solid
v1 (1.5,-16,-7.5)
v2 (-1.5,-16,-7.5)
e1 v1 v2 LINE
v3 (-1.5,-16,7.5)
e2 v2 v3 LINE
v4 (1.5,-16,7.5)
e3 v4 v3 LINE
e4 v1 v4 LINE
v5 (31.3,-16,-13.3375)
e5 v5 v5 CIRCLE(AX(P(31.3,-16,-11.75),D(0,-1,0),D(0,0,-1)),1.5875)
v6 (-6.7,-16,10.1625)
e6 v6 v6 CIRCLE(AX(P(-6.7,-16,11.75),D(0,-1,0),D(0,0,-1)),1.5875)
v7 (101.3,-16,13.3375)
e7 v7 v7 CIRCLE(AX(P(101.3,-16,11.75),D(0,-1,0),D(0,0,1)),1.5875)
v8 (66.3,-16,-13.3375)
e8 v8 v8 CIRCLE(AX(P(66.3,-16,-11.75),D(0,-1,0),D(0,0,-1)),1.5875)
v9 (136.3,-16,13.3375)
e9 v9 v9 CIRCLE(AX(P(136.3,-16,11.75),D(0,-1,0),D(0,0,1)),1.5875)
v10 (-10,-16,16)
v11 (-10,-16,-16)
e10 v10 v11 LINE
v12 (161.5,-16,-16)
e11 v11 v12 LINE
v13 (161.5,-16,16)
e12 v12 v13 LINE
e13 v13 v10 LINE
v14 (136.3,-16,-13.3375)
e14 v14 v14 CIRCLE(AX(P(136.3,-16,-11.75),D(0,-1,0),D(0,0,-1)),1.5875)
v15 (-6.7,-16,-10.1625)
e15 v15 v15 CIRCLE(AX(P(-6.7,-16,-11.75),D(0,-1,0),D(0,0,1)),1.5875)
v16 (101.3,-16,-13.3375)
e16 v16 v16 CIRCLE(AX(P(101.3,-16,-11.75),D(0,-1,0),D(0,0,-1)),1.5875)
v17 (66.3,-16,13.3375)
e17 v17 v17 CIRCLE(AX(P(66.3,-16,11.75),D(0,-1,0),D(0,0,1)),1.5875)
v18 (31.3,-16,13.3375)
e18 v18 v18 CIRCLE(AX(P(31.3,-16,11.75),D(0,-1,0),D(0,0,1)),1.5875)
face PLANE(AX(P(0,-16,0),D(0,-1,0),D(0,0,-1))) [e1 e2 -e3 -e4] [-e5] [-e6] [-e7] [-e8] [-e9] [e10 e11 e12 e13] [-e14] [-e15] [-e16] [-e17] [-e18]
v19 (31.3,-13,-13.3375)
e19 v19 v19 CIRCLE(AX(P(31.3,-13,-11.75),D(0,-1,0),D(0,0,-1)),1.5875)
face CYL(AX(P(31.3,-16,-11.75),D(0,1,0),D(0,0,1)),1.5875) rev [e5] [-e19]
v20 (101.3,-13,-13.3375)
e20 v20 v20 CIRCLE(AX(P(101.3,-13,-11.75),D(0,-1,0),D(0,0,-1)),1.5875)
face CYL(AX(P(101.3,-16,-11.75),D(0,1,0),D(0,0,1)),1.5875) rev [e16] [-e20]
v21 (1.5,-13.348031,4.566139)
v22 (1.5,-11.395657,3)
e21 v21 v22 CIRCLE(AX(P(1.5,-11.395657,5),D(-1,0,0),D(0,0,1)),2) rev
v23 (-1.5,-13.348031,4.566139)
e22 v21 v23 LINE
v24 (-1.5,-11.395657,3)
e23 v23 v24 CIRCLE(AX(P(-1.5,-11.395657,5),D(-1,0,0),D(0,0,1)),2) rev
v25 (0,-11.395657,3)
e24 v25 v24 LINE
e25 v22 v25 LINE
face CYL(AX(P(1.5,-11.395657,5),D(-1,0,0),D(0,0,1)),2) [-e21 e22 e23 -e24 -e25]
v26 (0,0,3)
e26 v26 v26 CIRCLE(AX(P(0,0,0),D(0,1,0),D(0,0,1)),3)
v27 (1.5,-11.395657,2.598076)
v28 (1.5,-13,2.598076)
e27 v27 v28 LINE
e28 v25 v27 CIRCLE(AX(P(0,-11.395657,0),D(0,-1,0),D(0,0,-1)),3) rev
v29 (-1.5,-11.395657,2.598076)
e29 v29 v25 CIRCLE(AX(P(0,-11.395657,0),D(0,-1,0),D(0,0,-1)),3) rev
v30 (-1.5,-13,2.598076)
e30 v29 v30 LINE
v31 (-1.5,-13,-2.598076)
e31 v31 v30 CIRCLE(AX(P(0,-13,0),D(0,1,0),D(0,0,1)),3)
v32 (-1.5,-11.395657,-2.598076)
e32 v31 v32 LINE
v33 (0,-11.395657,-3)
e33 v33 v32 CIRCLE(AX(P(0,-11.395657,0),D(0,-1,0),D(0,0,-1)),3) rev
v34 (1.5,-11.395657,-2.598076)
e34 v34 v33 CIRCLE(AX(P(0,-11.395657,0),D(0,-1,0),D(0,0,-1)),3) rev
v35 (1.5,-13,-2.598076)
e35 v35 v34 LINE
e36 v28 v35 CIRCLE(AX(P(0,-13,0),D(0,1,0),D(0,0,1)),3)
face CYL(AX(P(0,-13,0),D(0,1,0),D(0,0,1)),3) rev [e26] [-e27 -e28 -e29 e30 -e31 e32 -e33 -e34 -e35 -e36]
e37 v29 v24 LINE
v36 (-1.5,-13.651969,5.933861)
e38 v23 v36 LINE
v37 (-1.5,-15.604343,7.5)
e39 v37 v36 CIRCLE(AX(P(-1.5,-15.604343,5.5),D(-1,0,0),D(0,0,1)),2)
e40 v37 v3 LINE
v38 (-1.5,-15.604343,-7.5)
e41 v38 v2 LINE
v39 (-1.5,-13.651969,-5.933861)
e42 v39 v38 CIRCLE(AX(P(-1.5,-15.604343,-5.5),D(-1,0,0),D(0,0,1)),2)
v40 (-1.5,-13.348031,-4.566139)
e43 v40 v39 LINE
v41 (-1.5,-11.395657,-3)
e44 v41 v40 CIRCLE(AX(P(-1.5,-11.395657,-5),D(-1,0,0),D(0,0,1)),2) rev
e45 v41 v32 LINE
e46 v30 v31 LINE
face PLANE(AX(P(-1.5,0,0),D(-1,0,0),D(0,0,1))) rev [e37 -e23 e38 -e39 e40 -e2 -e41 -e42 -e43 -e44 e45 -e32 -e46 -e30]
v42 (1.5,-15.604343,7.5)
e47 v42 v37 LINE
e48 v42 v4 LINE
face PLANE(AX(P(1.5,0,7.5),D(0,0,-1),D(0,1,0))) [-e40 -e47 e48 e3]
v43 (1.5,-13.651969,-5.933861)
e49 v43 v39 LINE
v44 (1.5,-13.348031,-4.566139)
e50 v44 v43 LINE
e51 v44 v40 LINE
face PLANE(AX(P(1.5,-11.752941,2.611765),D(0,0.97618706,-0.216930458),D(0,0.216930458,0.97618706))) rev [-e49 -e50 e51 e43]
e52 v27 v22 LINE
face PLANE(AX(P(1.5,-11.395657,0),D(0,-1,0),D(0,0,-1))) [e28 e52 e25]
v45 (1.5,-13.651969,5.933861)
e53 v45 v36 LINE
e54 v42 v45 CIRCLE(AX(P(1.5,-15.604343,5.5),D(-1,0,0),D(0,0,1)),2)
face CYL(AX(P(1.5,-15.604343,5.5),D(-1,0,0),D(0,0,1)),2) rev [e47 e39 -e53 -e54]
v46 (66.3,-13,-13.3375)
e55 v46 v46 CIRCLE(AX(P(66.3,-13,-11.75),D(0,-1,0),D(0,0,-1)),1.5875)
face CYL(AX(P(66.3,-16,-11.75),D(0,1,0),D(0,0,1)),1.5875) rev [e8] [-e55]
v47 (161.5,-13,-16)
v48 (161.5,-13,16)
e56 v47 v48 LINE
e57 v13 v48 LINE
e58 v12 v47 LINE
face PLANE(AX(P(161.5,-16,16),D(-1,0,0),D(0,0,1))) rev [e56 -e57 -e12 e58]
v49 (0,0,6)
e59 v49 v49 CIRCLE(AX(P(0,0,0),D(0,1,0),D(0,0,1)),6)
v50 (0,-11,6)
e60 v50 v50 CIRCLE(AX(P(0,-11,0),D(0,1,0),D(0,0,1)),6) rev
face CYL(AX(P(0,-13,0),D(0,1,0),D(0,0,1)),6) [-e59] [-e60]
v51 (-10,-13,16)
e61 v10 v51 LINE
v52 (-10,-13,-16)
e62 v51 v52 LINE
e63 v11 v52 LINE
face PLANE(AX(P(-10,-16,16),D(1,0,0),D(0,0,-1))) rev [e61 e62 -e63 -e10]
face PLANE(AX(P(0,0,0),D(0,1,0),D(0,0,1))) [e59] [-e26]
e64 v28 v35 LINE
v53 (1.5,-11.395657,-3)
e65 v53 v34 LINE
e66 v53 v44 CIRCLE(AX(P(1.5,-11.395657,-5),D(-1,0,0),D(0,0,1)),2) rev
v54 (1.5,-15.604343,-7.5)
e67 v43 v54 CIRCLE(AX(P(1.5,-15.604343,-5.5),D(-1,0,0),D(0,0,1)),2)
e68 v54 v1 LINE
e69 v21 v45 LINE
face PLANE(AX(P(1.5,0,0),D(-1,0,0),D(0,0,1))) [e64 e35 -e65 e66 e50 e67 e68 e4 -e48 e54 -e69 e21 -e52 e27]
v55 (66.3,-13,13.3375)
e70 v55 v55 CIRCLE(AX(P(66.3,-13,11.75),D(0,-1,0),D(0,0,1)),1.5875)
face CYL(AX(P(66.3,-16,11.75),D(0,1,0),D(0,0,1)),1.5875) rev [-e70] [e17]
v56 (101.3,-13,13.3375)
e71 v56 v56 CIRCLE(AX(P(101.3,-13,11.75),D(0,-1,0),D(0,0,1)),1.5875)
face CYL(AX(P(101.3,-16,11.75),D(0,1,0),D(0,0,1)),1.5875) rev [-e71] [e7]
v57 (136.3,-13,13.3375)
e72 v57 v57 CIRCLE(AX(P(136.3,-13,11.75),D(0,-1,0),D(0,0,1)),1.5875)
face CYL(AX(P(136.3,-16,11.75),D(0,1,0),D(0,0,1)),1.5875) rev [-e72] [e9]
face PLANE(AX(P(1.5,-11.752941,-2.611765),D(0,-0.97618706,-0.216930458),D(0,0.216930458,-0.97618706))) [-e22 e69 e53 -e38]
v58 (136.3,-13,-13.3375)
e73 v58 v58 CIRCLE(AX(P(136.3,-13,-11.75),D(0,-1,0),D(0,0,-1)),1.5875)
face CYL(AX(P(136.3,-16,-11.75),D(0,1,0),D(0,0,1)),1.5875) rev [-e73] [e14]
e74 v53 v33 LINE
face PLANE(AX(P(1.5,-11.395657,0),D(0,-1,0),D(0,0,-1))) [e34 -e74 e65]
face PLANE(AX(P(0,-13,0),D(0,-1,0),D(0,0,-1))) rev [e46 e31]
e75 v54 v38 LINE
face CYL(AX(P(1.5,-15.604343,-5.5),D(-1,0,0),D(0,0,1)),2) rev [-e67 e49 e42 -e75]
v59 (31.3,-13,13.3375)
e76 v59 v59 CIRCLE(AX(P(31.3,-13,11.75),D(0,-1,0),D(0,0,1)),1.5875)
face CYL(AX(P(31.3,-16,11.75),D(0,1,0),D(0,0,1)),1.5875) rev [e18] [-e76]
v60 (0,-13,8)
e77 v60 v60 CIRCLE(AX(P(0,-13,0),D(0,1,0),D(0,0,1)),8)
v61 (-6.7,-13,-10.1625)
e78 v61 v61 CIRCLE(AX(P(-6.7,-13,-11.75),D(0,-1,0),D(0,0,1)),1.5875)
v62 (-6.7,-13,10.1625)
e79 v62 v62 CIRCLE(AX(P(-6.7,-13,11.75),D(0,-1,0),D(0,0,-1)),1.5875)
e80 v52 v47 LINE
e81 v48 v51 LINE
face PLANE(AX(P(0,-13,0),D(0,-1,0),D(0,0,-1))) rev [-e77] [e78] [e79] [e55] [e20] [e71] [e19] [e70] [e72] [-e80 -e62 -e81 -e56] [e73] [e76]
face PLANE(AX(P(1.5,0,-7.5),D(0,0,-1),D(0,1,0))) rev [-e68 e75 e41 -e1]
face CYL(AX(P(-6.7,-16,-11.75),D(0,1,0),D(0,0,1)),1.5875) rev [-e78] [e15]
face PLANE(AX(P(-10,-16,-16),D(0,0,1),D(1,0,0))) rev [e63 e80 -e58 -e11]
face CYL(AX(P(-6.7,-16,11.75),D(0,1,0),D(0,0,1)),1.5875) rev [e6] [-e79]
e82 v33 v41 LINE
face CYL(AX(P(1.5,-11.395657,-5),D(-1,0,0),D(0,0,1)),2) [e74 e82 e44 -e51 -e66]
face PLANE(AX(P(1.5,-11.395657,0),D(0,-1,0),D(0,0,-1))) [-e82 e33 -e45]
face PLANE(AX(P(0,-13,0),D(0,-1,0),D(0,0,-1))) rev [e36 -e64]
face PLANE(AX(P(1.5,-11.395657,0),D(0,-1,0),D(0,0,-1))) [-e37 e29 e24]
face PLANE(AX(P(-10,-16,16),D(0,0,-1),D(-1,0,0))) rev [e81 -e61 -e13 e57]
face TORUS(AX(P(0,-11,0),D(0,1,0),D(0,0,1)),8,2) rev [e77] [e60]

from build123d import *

# Parameters (mm, degrees)
SKETCH1_R           = 6
SKETCH1_R_2         = 3
BOSS_EXTRUDE1_DEPTH = 13
SKETCH2_W           = 171.5
SKETCH2_H           = 32
SKETCH2_R           = 1.5875
BOSS_EXTRUDE2_DEPTH = 3
CUT_EXTRUDE1_DEPTH  = 1.5


with BuildPart() as part:
    # Sketch1 → Boss-Extrude1 (new body)
    with BuildSketch(Plane(origin=(0, 0, 0), x_dir=(1, 0, 0), z_dir=(0, 1, 0))):
        Circle(SKETCH1_R)
        Circle(SKETCH1_R_2, mode=Mode.SUBTRACT)
    extrude(amount=-BOSS_EXTRUDE1_DEPTH)


with BuildPart() as body_2:
    # Sketch2 → Boss-Extrude2 (new body)
    with BuildSketch(Plane.XZ.offset(13)):
        with Locations((75.75, 0)):
            Rectangle(SKETCH2_W, SKETCH2_H)
        with Locations((136.3, -11.75)):
            Circle(SKETCH2_R, mode=Mode.SUBTRACT)
        with Locations((136.3, 11.75)):
            Circle(SKETCH2_R, mode=Mode.SUBTRACT)
        with Locations((101.3, -11.75)):
            Circle(SKETCH2_R, mode=Mode.SUBTRACT)
        with Locations((66.3, -11.75)):
            Circle(SKETCH2_R, mode=Mode.SUBTRACT)
        with Locations((31.3, -11.75)):
            Circle(SKETCH2_R, mode=Mode.SUBTRACT)
        with Locations((101.3, 11.75)):
            Circle(SKETCH2_R, mode=Mode.SUBTRACT)
        with Locations((66.3, 11.75)):
            Circle(SKETCH2_R, mode=Mode.SUBTRACT)
        with Locations((31.3, 11.75)):
            Circle(SKETCH2_R, mode=Mode.SUBTRACT)
        with Locations((-6.7, 11.75)):
            Circle(SKETCH2_R, mode=Mode.SUBTRACT)
        with Locations((-6.7, -11.75)):
            Circle(SKETCH2_R, mode=Mode.SUBTRACT)
    extrude(amount=BOSS_EXTRUDE2_DEPTH)


with BuildPart() as cut_extrude1_tool:
    # Sketch7 → Cut-Extrude1 (new body, symmetric)
    with BuildSketch(Plane.ZY):
        with BuildLine():
            ThreePointArc((-3, -11.395656787), (-3.439916375, -12.647111574), (-4.566139084, -13.348030908))
            Line((-4.566139084, -13.348030908), (-5.933860916, -13.651969092))
            ThreePointArc((-5.933860916, -13.651969092), (-7.060083625, -14.352888426), (-7.5, -15.604343213))
            Line((-7.5, -15.604343213), (-7.5, -16))
            Line((-7.5, -16), (7.5, -16))
            Line((7.5, -16), (7.5, -15.604343213))
            ThreePointArc((7.5, -15.604343213), (7.060083625, -14.352888426), (5.933860916, -13.651969092))
            Line((5.933860916, -13.651969092), (4.566139084, -13.348030908))
            ThreePointArc((4.566139084, -13.348030908), (3.439916375, -12.647111574), (3, -11.395656787))
            Line((3, -11.395656787), (-3, -11.395656787))
        make_face()
    extrude(amount=CUT_EXTRUDE1_DEPTH, both=True)


with BuildPart() as part_1:
    add(part.part)

    # Cut-Extrude1: cut by cut_extrude1_tool
    add(cut_extrude1_tool.part, mode=Mode.SUBTRACT)



with BuildPart() as body_2_1:
    add(body_2.part)

    # Cut-Extrude1: cut by cut_extrude1_tool
    add(cut_extrude1_tool.part, mode=Mode.SUBTRACT)


with BuildPart() as part_2:
    add(part_1.part)

    add(body_2_1.part)  # Revolve1 merges body 2
    # Sketch8 → Revolve1 (revolve)
    with BuildSketch(Plane.ZY):
        with BuildLine():
            Line((-8, -13), (-6, -13))
            Line((-6, -13), (-6, -11))
            ThreePointArc((-6, -11), (-6.585786438, -12.414213562), (-8, -13))
        make_face()
    revolve(axis=Axis((0, 4.095579303, 0), (0, -1, 0)))


solid = part_2.part
